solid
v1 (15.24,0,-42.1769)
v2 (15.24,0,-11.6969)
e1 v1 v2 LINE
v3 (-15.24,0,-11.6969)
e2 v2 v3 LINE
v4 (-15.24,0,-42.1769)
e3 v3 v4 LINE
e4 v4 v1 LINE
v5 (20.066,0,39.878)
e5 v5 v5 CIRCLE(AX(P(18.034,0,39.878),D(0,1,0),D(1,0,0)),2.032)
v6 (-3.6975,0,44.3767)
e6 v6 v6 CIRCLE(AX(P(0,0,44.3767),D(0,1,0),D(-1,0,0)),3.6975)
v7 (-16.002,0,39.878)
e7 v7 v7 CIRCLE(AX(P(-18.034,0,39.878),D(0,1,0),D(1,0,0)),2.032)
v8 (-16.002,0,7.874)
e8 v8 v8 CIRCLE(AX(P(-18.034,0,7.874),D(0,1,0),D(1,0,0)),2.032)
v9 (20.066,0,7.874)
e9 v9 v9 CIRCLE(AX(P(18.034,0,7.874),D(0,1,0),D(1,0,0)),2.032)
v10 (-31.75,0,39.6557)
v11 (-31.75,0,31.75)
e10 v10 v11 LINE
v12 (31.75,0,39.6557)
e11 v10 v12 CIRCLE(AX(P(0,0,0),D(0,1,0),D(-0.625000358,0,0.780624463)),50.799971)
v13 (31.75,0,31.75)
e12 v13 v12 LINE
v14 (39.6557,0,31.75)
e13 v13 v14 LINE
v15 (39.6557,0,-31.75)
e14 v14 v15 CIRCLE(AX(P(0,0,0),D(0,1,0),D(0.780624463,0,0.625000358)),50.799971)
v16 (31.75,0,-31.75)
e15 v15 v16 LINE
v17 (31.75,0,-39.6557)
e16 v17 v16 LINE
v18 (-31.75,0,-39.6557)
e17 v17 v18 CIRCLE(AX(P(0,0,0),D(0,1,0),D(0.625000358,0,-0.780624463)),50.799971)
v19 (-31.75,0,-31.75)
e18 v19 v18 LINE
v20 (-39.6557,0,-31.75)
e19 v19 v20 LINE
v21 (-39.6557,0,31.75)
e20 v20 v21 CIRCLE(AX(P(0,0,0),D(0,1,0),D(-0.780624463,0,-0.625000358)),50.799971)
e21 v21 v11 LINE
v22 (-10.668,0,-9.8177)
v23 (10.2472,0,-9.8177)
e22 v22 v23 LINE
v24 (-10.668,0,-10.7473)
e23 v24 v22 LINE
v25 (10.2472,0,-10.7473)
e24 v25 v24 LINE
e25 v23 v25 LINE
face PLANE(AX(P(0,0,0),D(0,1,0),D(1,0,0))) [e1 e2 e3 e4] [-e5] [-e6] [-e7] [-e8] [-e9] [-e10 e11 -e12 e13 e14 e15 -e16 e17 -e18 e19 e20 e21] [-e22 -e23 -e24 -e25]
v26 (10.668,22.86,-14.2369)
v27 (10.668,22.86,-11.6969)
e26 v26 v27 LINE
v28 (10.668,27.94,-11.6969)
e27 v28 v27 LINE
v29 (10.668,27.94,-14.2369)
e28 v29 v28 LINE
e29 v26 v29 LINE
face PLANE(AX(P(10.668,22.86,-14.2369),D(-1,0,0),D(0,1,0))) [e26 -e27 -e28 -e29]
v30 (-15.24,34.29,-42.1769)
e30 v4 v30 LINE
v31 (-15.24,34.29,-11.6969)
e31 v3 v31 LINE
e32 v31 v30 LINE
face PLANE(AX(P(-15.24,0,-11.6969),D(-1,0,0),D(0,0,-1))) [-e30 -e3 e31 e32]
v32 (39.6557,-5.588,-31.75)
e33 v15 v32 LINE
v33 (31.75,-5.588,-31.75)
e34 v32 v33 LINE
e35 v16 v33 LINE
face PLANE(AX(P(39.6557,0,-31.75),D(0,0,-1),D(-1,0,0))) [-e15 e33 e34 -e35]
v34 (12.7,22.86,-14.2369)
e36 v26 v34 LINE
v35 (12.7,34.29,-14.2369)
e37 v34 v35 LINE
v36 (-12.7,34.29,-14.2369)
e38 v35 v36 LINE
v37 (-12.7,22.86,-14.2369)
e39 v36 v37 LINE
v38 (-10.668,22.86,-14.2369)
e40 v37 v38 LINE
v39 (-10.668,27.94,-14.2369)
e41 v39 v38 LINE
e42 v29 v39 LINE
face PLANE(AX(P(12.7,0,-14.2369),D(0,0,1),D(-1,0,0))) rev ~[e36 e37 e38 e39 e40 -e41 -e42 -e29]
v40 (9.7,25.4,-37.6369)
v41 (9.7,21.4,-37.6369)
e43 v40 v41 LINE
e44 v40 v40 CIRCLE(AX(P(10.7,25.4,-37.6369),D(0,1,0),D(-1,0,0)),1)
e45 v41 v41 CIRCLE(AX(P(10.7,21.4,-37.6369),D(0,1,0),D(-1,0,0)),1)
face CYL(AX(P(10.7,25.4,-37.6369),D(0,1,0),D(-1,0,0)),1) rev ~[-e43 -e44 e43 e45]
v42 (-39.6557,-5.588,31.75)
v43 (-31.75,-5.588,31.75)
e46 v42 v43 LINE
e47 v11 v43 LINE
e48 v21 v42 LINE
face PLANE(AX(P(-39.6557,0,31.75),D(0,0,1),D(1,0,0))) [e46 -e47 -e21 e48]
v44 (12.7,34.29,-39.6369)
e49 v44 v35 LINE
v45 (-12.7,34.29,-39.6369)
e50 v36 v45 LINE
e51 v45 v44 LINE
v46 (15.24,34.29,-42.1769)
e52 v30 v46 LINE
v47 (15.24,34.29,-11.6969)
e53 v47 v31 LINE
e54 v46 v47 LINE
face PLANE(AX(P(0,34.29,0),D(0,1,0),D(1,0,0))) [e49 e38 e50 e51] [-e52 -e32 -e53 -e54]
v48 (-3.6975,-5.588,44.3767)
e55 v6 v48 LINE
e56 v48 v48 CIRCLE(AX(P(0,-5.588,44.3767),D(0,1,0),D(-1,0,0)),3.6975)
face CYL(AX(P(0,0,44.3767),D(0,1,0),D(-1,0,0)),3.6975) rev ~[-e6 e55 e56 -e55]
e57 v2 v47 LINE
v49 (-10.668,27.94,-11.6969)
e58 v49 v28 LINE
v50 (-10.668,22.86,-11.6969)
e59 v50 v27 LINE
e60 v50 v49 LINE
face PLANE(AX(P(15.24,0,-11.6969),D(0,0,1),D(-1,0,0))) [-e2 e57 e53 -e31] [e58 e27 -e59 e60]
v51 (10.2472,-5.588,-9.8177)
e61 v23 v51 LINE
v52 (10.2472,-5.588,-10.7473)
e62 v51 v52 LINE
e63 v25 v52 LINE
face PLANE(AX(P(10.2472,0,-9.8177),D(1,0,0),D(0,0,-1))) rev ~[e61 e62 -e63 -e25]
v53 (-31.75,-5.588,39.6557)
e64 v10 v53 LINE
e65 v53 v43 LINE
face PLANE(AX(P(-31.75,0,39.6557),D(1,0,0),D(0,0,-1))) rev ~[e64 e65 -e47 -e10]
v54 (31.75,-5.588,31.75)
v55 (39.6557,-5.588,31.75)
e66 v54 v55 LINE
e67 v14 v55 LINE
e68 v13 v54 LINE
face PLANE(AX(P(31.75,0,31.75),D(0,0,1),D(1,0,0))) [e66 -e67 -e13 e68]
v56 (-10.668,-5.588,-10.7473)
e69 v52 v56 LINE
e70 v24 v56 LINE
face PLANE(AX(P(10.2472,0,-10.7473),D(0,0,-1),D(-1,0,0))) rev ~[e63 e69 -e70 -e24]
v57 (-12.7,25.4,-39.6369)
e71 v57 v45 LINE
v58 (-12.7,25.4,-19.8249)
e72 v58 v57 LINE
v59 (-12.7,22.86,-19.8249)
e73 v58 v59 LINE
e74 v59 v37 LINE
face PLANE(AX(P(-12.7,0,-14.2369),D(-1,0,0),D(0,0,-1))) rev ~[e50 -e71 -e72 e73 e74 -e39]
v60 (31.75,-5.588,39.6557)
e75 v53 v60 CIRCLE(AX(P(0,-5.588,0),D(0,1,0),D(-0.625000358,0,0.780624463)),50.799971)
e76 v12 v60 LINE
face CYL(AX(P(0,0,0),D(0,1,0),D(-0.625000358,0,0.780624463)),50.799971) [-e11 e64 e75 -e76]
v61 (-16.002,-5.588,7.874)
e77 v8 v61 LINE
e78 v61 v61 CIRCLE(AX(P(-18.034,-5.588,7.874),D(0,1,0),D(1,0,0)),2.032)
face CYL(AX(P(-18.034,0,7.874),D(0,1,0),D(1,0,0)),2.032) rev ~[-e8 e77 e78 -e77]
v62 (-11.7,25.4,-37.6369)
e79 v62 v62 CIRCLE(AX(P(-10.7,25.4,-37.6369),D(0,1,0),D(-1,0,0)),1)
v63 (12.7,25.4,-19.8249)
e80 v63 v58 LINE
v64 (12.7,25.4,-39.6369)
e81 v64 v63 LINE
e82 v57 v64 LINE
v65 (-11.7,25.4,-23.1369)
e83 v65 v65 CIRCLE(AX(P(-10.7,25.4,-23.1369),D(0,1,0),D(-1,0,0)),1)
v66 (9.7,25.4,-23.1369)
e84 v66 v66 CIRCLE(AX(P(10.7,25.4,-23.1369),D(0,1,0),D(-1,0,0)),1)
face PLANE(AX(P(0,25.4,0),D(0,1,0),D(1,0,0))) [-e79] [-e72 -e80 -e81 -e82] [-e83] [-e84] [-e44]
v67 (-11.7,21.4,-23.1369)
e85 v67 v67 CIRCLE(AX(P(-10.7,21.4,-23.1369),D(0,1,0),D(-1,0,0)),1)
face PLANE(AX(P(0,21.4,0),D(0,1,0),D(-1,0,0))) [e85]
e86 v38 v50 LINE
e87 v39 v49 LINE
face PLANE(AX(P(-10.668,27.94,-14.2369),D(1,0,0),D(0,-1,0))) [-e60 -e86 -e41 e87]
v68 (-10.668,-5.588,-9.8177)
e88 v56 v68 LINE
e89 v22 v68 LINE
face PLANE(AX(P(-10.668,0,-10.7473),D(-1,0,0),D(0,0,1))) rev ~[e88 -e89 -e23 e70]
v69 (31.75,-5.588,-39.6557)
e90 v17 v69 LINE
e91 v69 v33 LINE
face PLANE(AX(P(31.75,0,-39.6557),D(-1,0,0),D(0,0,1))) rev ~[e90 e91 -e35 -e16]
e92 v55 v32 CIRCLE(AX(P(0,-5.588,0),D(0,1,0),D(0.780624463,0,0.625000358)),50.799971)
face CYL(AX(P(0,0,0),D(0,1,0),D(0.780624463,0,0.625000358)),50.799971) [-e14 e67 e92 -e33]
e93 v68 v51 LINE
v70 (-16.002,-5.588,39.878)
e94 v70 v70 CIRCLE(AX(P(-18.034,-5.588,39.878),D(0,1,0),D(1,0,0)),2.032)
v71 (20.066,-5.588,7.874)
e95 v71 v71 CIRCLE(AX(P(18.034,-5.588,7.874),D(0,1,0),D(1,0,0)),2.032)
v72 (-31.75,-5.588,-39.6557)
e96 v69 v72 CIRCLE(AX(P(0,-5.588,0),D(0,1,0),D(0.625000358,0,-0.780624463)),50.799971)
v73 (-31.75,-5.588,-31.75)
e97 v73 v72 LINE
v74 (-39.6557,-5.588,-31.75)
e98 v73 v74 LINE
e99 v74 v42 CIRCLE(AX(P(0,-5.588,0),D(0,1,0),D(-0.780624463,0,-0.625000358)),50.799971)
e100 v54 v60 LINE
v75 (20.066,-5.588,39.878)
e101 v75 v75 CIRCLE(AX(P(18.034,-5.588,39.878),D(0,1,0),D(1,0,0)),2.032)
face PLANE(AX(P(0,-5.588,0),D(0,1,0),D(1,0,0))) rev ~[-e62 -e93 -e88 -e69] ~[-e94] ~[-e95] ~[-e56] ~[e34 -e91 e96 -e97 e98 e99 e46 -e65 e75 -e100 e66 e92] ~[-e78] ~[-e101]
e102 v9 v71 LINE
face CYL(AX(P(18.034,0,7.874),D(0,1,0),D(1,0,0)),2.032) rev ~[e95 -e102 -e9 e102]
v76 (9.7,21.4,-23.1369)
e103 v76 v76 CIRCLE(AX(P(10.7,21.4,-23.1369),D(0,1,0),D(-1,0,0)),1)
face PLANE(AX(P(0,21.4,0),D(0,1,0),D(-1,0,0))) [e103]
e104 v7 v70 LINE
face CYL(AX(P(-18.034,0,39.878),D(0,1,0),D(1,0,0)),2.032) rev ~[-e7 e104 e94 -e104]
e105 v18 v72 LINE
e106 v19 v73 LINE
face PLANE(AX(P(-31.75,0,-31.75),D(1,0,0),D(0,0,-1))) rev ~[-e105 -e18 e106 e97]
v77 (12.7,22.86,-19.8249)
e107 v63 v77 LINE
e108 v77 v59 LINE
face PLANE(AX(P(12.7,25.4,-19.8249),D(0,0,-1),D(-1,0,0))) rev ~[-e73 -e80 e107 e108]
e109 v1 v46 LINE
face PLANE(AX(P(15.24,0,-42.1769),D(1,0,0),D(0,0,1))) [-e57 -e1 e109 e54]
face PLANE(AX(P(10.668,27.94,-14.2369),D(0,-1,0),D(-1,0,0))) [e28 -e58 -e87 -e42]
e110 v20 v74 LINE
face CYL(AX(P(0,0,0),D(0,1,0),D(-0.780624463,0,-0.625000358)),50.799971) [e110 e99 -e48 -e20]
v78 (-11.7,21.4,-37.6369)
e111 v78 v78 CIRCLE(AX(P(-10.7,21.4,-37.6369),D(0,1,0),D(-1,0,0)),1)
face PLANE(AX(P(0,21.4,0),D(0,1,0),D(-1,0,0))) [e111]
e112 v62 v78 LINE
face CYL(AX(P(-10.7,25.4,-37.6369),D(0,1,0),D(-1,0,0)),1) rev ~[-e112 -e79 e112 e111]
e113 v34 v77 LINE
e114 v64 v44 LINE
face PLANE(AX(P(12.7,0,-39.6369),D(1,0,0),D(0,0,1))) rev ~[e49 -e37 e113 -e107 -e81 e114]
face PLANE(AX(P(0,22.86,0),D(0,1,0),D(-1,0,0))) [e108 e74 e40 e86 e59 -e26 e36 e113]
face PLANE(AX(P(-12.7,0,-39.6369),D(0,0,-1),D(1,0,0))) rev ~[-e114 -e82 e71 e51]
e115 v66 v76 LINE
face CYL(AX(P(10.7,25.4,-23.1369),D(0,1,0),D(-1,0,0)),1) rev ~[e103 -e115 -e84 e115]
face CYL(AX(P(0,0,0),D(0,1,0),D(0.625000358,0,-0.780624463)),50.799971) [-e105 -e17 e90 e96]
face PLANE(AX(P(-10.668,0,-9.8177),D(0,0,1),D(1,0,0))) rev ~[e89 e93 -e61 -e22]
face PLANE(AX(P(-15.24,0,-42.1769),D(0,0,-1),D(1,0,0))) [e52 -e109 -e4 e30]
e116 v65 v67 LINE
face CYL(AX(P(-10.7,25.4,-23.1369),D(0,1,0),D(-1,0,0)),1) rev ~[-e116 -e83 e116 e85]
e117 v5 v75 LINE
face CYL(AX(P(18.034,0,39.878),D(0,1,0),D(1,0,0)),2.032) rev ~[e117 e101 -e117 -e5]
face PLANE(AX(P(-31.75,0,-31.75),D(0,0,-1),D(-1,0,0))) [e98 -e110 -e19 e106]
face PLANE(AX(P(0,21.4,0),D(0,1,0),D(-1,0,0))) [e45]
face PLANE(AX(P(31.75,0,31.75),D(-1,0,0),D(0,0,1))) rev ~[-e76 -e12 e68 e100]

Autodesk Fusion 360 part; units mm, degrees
sketch "Sketch1" plane through (0, 0, 0) normal (0, 1, 0) x (1, 0, 0)
  arc A0 (31.75, 39.6557) -> (-31.75, 39.6557) centre (0, 0) ccw
  arc A1 (39.6557, -31.75) -> (39.6557, 31.75) centre (0, 0) ccw
  arc A2 (-39.6557, 31.75) -> (-39.6557, -31.75) centre (0, 0) ccw
  arc A3 (-31.75, -39.6557) -> (31.75, -39.6557) centre (0, 0) ccw
  line L0 (-31.75, -39.6557) -> (-31.75, -31.75)
  line L1 (-31.75, 31.75) -> (-31.75, 39.6557)
  line L2 (39.6557, 31.75) -> (31.75, 31.75)
  line L3 (-31.75, 31.75) -> (-39.6557, 31.75)
  line L4 (31.75, 39.6557) -> (31.75, 31.75)
  line L5 (31.75, -31.75) -> (31.75, -39.6557)
  line L6 (-39.6557, -31.75) -> (-31.75, -31.75)
  line L7 (31.75, -31.75) -> (39.6557, -31.75)
  dimension "d1" = 101.6
sketch "Sketch2" plane through (0, 0, 0) normal (0, 1, 0) x (1, 0, 0)
  circle A0 centre (-18.034, -7.874) radius 2.032
  circle A1 centre (18.034, -7.874) radius 2.032
  circle A2 centre (-18.034, -39.878) radius 2.032
  circle A3 centre (18.034, -39.878) radius 2.032
  dimension "d9" = 36.068
  dimension "d11" = 32.004
  dimension "d12" = 36.068
  dimension "d13" = 4.064
  dimension "d14" = 4.064
  dimension "d15" = 4.064
  dimension "d16" = 4.064
extrude "Extrude1" add sketch "Sketch1" against normal blind 5.588
sketch "Sketch4" plane through (0, 0, 0) normal (0, 1, 0) x (1, 0, 0)
  circle A0 centre (18.034, -39.878) radius 2.032
  line L0 (12.7, 39.6369) -> (12.7, 14.2369)
  line L1 (15.24, 11.6969) -> (-15.24, 11.6969)
  line L2 (-12.7, 14.2369) -> (-12.7, 39.6369)
  line L3 (15.24, 42.1769) -> (15.24, 11.6969)
  line L4 (12.7, 14.2369) -> (-12.7, 14.2369)
  circle A1 centre (18.034, -7.874) radius 2.032
  line L5 (-15.24, 42.1769) -> (15.24, 42.1769)
  circle A2 centre (-18.034, -39.878) radius 2.032
  line L6 (-12.7, 39.6369) -> (12.7, 39.6369)
  circle A3 centre (-18.034, -7.874) radius 2.032
  line L7 (-15.24, 11.6969) -> (-15.24, 42.1769)
  dimension "d29" = 36.068
  dimension "d30" = 32.004
  dimension "d31" = 36.068
  dimension "d32" = 4.064
  dimension "d33" = 4.064
  dimension "d34" = 4.064
  dimension "d35" = 4.064
extrude "Extrude2" cut sketch "Sketch2" against normal blind 22
extrude "Extrude3" add sketch "Sketch4" along normal blind 34.29 contours L1 L3 L5 L7
extrude "Extrude4" add 1 faces at (-4.2333, 0, -31.1702) along direction (0, 1, 0) blind 25.4
sketch "Sketch5" plane through (0, 25.4, 0) normal (0, 1, 0) x (-1, 0, 0)
  line L0 (12.7, -14.2369) -> (-12.7, -14.2369)
  line L1 (-12.7, -14.2369) -> (-12.7, -39.6369)
  line L2 (-12.7, -39.6369) -> (12.7, -39.6369)
  line L3 (12.7, -39.6369) -> (12.7, -14.2369)
  line L4 (12.7, -14.2369) -> (-12.7, -14.2369)
  line L5 (-12.7, -14.2369) -> (-12.7, -19.8249)
  line L6 (-12.7, -19.8249) -> (12.7, -19.8249)
  line L7 (12.7, -19.8249) -> (12.7, -14.2369)
  dimension "d42" = 5.588
extrude "Extrude5" cut sketch "Sketch5" against normal blind 2.54 contours L0 L1 L3 L4 L5 L6 L7
sketch "Sketch6" plane through (0, 0, -14.2369) normal (0, 0, -1) x (-1, 0, 0)
  line L0 (12.7, 22.86) -> (12.7, 34.29)
  line L1 (12.7, 34.29) -> (-12.7, 34.29)
  line L2 (-12.7, 34.29) -> (-12.7, 22.86)
  line L3 (-12.7, 22.86) -> (12.7, 22.86)
  line L4 (-10.668, 27.94) -> (10.668, 27.94)
  line L5 (10.668, 27.94) -> (10.668, 22.86)
  line L6 (10.668, 22.86) -> (-10.668, 22.86)
  line L7 (-10.668, 22.86) -> (-10.668, 27.94)
extrude "Extrude6" cut sketch "Sketch6" against normal blind 17 contours L3 L4 L5 L6 L7
sketch "Sketch7" plane through (0, 0, -11.6969) normal (0, 0, 1) x (1, 0, 0)
  line L0 (-10.668, 22.86) -> (-10.668, 27.94)
  line L1 (-10.668, 27.94) -> (10.668, 27.94)
  line L2 (10.668, 27.94) -> (10.668, 22.86)
  line L3 (10.668, 22.86) -> (-10.668, 22.86)
  line L4 (-15.24, 0) -> (15.24, 0)
  line L5 (15.24, 0) -> (15.24, 34.29)
  line L6 (15.24, 34.29) -> (-15.24, 34.29)
  line L7 (-15.24, 34.29) -> (-15.24, 0)
sketch "Sketch8" plane through (0, 25.4, 0) normal (0, 1, 0) x (-1, 0, 0)
  line L0 (12.7, -19.8249) -> (-12.7, -19.8249)
  line L1 (-12.7, -19.8249) -> (-12.7, -39.6369)
  line L2 (-12.7, -39.6369) -> (12.7, -39.6369)
  line L3 (12.7, -39.6369) -> (12.7, -19.8249)
  circle A0 centre (10.7, -37.6369) radius 1
  circle A1 centre (-10.7, -37.6369) radius 1
  circle A2 centre (10.7, -23.1369) radius 1
  circle A3 centre (-10.7, -23.1369) radius 1
  dimension "d53" = 2
  dimension "d54" = 2
  dimension "d56" = 2
  dimension "d57" = 2
extrude "Extrude7" cut sketch "Sketch8" against normal blind 4 contours A0 | A1 | A2 | A3
sketch "Sketch9" plane through (0, 0, 0) normal (0, 1, 0) x (-1, 0, 0)
  arc A0 (31.75, 39.6557) -> (-31.75, 39.6557) centre (0, 0) ccw
  line L0 (-31.75, 39.6557) -> (-31.75, 31.75)
  line L1 (-31.75, 31.75) -> (-39.6557, 31.75)
  arc A1 (-39.6557, 31.75) -> (-39.6557, -31.75) centre (0, 0) ccw
  line L2 (-39.6557, -31.75) -> (-31.75, -31.75)
  line L3 (-31.75, -31.75) -> (-31.75, -39.6557)
  arc A2 (-31.75, -39.6557) -> (31.75, -39.6557) centre (0, 0) ccw
  line L4 (31.75, -39.6557) -> (31.75, -31.75)
  line L5 (31.75, -31.75) -> (39.6557, -31.75)
  arc A3 (39.6557, -31.75) -> (39.6557, 31.75) centre (0, 0) ccw
  line L6 (39.6557, 31.75) -> (31.75, 31.75)
  line L7 (31.75, 31.75) -> (31.75, 39.6557)
  circle A4 centre (18.034, 7.874) radius 2.032
  circle A5 centre (18.034, 39.878) radius 2.032
  circle A6 centre (-18.034, 7.874) radius 2.032
  circle A7 centre (-18.034, 39.878) radius 2.032
  line L8 (15.24, -11.6969) -> (15.24, -42.1769)
  line L9 (15.24, -42.1769) -> (-15.24, -42.1769)
  line L10 (-15.24, -42.1769) -> (-15.24, -11.6969)
  line L11 (-15.24, -11.6969) -> (15.24, -11.6969)
  circle A8 centre (0, 44.3767) radius 3.6975
extrude "Extrude8" cut sketch "Sketch9" against normal blind 17 contours A8
sketch "Sketch10" plane through (0, 0, 0) normal (0, 1, 0) x (1, 0, 0)
  line L0 (-15.24, 11.6969) -> (15.24, 11.6969)
  line L1 (15.24, 10.2652) -> (14.8192, 10.2652)
  line L2 (10.668, 14.2369) -> (10.668, 11.6969)
  line L3 (-10.668, 9.8177) -> (10.2472, 9.8177)
  line L4 (10.2472, 9.8177) -> (10.2472, 10.7473)
  line L5 (10.2472, 10.7473) -> (-10.668, 10.7473)
  line L6 (-10.668, 10.7473) -> (-10.668, 9.8177)
  point P0 (-15.24, 11.6969)
extrude "Extrude9" cut sketch "Sketch10" against normal blind 14
